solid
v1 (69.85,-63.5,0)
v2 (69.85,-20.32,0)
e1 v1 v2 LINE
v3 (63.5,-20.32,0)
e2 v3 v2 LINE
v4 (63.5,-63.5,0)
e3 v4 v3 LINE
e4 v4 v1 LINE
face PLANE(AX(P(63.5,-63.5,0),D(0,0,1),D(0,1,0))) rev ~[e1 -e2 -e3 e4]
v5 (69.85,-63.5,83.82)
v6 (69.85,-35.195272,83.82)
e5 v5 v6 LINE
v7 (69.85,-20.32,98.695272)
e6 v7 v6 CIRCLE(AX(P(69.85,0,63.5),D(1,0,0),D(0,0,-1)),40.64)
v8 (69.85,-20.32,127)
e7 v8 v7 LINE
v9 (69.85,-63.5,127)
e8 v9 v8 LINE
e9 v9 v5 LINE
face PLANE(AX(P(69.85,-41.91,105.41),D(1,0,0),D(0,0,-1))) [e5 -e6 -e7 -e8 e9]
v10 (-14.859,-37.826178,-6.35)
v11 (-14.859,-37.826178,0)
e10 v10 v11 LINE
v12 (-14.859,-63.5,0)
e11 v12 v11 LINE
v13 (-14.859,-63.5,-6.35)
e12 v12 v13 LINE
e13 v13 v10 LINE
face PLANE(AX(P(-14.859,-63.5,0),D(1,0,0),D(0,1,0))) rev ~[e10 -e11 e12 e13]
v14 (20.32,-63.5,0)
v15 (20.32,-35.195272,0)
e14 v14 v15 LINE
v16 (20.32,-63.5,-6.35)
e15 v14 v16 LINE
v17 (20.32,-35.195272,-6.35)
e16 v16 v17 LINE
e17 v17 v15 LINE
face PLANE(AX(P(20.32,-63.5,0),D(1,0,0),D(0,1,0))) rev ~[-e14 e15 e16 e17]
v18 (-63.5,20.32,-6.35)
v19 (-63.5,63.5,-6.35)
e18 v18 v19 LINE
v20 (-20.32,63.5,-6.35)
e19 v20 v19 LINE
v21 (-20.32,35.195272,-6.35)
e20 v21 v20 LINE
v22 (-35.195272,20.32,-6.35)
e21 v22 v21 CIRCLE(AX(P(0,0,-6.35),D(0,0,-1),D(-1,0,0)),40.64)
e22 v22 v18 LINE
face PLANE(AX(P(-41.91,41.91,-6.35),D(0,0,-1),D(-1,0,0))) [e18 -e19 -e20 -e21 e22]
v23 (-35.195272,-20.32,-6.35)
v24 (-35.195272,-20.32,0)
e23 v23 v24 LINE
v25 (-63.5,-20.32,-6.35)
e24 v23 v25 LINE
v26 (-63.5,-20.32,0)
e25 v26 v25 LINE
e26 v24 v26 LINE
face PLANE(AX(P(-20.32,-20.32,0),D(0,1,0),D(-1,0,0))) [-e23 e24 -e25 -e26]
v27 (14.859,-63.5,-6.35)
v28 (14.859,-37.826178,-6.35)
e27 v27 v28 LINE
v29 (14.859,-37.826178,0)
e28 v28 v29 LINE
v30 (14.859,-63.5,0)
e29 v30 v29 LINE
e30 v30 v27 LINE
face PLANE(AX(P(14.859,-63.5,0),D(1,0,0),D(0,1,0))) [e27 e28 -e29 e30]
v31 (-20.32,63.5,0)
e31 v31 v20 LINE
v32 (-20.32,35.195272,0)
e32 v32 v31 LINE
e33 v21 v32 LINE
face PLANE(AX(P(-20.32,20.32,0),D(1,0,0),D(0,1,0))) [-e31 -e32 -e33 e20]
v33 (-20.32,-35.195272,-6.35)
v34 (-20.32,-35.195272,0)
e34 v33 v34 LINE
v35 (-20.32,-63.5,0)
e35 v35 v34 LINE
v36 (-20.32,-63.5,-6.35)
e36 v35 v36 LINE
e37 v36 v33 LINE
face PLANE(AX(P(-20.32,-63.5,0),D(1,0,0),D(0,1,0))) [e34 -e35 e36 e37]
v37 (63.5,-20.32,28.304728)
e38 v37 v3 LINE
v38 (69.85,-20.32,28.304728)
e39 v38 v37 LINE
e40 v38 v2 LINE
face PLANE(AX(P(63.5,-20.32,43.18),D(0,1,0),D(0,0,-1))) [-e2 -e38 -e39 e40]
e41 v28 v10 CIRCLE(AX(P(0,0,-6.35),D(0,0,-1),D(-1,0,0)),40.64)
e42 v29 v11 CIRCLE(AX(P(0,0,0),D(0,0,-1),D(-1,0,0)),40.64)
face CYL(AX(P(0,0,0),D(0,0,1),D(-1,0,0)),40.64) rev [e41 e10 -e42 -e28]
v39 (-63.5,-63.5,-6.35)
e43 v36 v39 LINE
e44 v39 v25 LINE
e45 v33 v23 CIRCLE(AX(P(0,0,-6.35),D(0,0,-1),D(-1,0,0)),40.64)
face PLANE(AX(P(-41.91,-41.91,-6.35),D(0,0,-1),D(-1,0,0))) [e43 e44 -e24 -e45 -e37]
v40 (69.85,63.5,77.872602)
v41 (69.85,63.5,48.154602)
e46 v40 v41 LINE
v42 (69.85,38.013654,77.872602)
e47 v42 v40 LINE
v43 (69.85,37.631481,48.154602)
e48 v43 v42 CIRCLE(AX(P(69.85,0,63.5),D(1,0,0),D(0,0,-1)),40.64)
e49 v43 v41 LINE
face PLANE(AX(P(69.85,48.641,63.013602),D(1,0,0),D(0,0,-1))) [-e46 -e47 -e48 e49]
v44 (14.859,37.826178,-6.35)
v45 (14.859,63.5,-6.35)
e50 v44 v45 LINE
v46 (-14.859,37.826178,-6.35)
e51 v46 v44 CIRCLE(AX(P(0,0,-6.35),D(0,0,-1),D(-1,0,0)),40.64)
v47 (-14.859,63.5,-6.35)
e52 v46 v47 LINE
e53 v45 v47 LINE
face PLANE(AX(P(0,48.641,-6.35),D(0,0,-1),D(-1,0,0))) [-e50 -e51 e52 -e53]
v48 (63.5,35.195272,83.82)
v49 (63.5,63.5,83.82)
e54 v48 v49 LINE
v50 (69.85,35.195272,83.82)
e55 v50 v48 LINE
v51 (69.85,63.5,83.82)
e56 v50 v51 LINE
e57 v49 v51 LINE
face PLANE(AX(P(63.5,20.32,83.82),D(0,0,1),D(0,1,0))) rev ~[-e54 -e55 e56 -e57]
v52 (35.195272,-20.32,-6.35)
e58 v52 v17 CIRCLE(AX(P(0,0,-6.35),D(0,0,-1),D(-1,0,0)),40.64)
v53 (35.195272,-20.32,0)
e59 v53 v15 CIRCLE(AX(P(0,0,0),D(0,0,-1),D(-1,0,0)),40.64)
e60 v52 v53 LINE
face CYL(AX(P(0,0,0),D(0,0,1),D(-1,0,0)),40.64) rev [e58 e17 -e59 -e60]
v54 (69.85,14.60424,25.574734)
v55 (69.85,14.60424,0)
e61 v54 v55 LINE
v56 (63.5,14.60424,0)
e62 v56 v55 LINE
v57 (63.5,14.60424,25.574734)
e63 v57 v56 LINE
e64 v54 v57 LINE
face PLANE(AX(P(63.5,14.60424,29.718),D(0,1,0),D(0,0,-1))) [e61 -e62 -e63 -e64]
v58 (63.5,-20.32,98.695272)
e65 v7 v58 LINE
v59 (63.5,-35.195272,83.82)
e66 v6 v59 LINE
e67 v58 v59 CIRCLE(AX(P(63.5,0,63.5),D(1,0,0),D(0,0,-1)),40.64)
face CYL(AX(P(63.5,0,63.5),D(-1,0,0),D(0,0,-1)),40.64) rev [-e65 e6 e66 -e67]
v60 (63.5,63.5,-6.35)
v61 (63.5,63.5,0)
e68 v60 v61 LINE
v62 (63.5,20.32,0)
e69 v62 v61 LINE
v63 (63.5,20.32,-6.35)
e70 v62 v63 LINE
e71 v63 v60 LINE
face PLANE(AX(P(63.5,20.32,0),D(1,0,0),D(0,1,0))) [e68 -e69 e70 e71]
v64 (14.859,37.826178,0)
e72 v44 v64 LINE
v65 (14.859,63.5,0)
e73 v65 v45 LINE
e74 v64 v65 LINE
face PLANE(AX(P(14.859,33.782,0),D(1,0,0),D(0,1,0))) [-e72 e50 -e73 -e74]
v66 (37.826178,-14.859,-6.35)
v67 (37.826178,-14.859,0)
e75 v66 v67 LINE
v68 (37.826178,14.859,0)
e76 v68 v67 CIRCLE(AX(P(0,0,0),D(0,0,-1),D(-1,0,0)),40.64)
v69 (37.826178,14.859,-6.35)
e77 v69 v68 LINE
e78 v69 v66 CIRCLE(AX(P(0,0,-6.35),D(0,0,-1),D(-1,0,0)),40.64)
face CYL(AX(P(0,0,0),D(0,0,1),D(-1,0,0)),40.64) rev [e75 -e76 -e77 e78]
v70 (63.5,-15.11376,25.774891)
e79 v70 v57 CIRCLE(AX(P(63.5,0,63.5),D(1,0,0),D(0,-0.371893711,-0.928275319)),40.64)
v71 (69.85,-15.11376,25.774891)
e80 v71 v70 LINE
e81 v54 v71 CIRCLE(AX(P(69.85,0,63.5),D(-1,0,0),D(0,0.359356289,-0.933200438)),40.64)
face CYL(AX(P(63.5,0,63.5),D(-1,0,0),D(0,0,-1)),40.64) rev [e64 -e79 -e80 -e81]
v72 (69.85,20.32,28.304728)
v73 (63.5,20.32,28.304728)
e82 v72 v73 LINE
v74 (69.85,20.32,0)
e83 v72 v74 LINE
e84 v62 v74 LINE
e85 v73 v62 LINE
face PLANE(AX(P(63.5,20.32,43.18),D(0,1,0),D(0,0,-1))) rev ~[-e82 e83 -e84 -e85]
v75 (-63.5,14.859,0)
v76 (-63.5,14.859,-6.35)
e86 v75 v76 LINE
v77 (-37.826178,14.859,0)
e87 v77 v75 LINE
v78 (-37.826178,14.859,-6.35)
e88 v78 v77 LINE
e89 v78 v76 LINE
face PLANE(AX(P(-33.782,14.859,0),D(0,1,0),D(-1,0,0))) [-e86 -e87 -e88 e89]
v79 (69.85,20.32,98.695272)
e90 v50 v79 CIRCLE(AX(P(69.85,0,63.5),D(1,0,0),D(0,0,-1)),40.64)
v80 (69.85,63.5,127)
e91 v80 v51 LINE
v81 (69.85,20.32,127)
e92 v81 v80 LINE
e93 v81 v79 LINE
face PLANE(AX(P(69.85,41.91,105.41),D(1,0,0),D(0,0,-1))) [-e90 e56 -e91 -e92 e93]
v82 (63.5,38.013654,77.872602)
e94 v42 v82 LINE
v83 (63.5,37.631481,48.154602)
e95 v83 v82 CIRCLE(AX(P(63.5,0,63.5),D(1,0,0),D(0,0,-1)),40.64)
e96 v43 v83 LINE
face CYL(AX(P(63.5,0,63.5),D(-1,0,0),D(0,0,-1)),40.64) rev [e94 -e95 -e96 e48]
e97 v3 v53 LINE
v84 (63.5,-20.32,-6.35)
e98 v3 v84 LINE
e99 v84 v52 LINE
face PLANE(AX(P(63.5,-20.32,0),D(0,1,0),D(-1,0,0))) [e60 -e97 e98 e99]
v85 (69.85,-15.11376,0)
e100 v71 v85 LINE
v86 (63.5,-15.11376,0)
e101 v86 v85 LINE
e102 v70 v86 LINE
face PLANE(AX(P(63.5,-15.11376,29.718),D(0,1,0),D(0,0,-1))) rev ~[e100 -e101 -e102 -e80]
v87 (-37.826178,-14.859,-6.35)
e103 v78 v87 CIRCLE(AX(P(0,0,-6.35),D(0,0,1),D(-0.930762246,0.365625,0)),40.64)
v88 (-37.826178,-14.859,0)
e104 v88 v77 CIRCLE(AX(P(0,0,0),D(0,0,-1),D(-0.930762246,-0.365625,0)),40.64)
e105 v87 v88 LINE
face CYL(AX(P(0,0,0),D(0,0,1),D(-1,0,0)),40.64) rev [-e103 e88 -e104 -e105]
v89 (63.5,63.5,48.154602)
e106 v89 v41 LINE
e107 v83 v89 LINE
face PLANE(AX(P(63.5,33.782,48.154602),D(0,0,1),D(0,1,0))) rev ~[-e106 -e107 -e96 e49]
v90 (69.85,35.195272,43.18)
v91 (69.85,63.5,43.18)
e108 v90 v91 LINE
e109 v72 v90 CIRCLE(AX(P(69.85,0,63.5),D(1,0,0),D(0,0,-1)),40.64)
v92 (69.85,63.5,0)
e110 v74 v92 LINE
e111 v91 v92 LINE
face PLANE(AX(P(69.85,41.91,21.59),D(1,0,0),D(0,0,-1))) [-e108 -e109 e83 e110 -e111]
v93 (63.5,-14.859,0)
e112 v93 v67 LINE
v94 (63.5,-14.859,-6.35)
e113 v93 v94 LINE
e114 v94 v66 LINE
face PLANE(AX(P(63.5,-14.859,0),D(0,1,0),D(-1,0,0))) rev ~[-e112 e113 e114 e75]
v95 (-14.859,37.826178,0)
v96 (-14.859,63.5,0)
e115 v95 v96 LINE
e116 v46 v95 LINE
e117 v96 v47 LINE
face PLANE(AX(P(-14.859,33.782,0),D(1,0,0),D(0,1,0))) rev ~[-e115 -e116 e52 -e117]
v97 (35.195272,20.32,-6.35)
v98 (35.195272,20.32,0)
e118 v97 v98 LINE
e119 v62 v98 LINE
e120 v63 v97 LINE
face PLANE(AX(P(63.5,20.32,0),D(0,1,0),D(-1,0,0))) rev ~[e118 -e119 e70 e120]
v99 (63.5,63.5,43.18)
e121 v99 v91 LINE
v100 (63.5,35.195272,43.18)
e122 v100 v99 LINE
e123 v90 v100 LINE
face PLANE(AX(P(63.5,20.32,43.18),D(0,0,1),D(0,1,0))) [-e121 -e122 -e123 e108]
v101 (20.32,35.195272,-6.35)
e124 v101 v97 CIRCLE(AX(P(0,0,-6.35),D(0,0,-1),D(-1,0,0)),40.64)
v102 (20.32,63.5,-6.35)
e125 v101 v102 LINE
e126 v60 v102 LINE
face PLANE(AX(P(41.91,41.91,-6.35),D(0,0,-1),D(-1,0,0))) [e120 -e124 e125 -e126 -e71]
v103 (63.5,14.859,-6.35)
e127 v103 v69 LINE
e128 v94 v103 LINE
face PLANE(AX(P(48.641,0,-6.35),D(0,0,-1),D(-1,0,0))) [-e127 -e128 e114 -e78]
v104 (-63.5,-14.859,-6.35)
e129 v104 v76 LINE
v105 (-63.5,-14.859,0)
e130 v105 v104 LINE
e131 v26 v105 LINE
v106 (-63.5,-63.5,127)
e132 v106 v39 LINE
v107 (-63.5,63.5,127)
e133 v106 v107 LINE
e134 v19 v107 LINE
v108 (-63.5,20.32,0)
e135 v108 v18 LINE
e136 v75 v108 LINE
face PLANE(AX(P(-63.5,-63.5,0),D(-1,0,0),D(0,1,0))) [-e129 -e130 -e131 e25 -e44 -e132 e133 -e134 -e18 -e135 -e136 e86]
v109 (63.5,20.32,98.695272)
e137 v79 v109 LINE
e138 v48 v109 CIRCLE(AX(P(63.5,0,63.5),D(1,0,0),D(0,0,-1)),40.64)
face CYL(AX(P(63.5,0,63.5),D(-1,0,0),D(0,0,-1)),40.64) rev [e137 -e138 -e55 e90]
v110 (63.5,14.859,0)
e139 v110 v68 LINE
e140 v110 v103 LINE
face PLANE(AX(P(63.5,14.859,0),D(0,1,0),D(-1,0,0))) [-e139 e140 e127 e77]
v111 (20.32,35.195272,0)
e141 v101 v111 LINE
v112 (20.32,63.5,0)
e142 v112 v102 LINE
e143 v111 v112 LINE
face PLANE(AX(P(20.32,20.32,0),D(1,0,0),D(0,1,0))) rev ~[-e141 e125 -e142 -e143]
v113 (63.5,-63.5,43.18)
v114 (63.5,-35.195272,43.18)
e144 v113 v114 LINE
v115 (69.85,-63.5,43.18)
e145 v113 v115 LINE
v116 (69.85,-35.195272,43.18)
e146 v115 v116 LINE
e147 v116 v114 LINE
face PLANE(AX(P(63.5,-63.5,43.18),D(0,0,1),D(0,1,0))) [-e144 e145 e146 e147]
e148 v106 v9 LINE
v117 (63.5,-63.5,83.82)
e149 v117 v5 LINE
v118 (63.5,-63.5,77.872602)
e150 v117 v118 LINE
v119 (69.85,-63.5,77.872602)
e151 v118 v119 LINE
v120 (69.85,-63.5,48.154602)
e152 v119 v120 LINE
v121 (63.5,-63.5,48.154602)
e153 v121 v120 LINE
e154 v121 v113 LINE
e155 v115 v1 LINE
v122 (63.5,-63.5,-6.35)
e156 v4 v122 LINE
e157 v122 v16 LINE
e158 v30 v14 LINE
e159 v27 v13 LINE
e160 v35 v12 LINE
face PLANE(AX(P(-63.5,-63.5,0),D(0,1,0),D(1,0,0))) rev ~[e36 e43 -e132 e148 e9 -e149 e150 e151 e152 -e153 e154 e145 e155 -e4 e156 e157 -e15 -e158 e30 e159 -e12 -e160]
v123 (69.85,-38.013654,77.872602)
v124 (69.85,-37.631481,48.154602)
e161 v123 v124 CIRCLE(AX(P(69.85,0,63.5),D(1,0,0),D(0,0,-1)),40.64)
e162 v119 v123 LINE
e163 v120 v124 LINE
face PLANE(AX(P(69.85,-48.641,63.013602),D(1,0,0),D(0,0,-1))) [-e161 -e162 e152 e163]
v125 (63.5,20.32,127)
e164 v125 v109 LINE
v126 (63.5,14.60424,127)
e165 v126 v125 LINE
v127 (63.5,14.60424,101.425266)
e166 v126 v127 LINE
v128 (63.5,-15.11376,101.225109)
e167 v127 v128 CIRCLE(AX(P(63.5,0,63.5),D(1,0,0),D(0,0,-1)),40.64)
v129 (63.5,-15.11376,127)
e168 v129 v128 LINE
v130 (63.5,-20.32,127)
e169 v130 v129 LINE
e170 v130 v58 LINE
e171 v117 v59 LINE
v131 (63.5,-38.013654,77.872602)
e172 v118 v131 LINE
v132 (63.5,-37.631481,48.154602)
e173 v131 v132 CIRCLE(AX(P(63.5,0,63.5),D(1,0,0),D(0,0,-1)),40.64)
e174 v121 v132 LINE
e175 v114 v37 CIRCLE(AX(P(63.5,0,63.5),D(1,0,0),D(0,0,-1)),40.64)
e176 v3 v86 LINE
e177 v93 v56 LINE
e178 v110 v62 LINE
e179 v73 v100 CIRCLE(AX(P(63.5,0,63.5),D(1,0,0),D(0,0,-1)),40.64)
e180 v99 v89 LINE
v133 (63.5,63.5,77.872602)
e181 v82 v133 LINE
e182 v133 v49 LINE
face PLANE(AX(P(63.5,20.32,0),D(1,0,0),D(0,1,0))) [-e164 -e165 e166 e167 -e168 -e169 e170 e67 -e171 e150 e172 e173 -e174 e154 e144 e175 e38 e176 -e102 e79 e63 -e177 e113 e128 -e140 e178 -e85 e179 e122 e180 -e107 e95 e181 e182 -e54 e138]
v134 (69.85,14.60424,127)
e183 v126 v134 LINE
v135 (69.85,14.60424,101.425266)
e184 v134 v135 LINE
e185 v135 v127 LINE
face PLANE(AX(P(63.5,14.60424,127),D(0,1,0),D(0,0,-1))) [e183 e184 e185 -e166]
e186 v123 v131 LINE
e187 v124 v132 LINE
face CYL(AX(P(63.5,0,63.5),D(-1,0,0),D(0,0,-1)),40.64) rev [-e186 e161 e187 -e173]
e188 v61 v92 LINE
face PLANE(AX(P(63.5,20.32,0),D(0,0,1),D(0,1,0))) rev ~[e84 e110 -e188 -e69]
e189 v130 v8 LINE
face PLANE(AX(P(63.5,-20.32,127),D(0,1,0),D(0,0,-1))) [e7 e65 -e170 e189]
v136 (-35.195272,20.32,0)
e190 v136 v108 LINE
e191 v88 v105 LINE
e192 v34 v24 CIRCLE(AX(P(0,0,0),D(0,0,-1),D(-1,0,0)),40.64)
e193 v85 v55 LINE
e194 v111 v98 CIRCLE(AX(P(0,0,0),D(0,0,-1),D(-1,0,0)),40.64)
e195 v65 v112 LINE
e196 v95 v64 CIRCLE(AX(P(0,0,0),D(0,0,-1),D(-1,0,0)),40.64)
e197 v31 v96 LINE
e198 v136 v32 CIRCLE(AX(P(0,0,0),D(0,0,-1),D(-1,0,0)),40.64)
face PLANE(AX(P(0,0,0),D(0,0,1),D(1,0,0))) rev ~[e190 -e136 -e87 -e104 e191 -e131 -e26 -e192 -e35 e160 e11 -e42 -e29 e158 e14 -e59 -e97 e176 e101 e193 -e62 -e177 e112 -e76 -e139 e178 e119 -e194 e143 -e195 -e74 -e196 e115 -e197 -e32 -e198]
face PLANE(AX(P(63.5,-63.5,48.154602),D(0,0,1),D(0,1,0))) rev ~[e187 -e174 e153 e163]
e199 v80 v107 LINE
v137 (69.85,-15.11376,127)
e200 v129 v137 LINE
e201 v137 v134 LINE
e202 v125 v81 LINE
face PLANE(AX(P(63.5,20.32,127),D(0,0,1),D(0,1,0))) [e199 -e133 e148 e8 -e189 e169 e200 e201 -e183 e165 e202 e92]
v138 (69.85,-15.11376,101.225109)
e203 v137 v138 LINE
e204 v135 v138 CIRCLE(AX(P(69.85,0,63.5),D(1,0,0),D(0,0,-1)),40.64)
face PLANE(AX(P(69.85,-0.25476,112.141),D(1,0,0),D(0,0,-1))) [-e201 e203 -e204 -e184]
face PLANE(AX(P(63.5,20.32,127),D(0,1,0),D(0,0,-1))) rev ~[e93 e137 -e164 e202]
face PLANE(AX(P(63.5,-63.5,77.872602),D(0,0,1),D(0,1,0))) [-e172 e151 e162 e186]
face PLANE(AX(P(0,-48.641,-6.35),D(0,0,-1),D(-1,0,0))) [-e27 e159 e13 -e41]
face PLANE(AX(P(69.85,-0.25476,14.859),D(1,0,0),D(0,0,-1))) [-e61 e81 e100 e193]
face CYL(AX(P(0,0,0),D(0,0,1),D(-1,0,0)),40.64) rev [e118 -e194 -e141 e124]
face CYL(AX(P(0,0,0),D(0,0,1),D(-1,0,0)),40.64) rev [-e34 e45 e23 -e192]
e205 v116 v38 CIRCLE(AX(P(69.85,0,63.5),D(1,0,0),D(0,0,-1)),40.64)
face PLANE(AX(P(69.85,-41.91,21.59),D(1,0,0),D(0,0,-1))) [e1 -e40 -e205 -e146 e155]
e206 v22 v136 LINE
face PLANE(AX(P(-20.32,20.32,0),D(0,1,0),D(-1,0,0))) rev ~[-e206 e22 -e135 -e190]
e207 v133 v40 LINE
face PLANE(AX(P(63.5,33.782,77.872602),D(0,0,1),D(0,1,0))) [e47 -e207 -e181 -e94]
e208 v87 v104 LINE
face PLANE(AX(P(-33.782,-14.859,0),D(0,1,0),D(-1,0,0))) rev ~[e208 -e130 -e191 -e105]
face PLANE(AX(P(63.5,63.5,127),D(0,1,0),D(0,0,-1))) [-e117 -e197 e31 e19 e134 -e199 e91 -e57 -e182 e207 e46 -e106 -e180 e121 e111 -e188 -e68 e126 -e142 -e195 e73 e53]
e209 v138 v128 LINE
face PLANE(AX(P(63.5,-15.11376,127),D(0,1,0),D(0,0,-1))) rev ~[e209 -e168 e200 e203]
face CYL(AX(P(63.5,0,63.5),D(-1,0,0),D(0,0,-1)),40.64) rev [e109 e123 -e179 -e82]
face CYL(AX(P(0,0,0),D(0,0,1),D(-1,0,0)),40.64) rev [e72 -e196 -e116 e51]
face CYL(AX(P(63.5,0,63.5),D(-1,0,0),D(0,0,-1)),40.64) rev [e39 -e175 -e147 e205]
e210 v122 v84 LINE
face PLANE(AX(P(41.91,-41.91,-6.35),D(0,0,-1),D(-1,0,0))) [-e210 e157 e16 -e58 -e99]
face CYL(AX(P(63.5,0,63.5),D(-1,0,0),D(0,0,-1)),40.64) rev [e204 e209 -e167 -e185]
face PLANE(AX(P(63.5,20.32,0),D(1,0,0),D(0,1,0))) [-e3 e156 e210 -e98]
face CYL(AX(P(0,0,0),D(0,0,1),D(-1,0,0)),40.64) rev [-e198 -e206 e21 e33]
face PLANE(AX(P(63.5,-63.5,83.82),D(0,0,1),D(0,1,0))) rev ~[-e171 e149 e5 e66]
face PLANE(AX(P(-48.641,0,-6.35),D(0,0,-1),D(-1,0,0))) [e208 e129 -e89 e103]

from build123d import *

# Parameters (mm, degrees)
SKETCH1_W           = 127
SKETCH1_H           = 127
BOSS_EXTRUDE1_DEPTH = 127
SKETCH13_W          = 43.18
SKETCH13_H          = 43.18
SKETCH13_W_2        = 29.718
SKETCH13_H_2        = 29.718
BOSS_EXTRUDE7_DEPTH = 6.35
SKETCH29_R          = 40.64
CUT_EXTRUDE10_DEPTH = 6.35
SKETCH27_W          = 43.18
SKETCH27_H          = 43.18
SKETCH27_W_2        = 29.718
SKETCH27_H_2        = 29.718
BOSS_EXTRUDE8_DEPTH = 6.35
SKETCH28_R          = 40.64
CUT_EXTRUDE11_DEPTH = 6.35


with BuildPart() as part:
    # Sketch1 → Boss-Extrude1 (new body)
    with BuildSketch(Plane.XY):
        Rectangle(SKETCH1_W, SKETCH1_H)
    extrude(amount=BOSS_EXTRUDE1_DEPTH)

    # Sketch13 → Boss-Extrude7 (add)
    with BuildSketch(Plane(origin=(0, 0, 0), x_dir=(-1, 0, 0), z_dir=(0, 0, -1))):
        with Locations((-41.91, 41.91)):
            Rectangle(SKETCH13_W, SKETCH13_H)
        with Locations((-41.91, -41.91)):
            Rectangle(SKETCH13_W, SKETCH13_H)
        with Locations((41.91, 41.91)):
            Rectangle(SKETCH13_W, SKETCH13_H)
        with Locations((41.91, -41.91)):
            Rectangle(SKETCH13_W, SKETCH13_H)
        with Locations((-48.641, 0)):
            Rectangle(SKETCH13_W_2, SKETCH13_H_2)
        with Locations((0, -48.641)):
            Rectangle(SKETCH13_W_2, SKETCH13_H_2)
        with Locations((48.641, 0)):
            Rectangle(SKETCH13_W_2, SKETCH13_H_2)
        with Locations((0, 48.641)):
            Rectangle(SKETCH13_W_2, SKETCH13_H_2)
    extrude(amount=BOSS_EXTRUDE7_DEPTH)

    # Sketch29 → Cut-Extrude10 (cut)
    with BuildSketch(Plane(origin=(0, 0, 0), x_dir=(-1, 0, 0), z_dir=(0, 0, -1))):
        Circle(SKETCH29_R)
    extrude(amount=CUT_EXTRUDE10_DEPTH, mode=Mode.SUBTRACT)

    # Sketch27 → Boss-Extrude8 (add)
    with BuildSketch(Plane(origin=(63.5, 0, 0), x_dir=(0, 0, -1), z_dir=(1, 0, 0))):
        with Locations((-105.41, 41.91)):
            Rectangle(SKETCH27_W, SKETCH27_H)
        with Locations((-105.41, -41.91)):
            Rectangle(SKETCH27_W, SKETCH27_H)
        with Locations((-21.59, 41.91)):
            Rectangle(SKETCH27_W, SKETCH27_H)
        with Locations((-21.59, -41.91)):
            Rectangle(SKETCH27_W, SKETCH27_H)
        with Locations((-112.141, -0.254760407)):
            Rectangle(SKETCH27_W_2, SKETCH27_H_2)
        with Locations((-63.013602448, -48.641)):
            Rectangle(SKETCH27_W_2, SKETCH27_H_2)
        with Locations((-14.859, -0.254760407)):
            Rectangle(SKETCH27_W_2, SKETCH27_H_2)
        with Locations((-63.013602448, 48.641)):
            Rectangle(SKETCH27_W_2, SKETCH27_H_2)
    extrude(amount=BOSS_EXTRUDE8_DEPTH)

    # Sketch28 → Cut-Extrude11 (cut)
    with BuildSketch(Plane(origin=(63.5, 0, 0), x_dir=(0, 0, -1), z_dir=(1, 0, 0))):
        with Locations((-63.5, 0)):
            Circle(SKETCH28_R)
    extrude(amount=CUT_EXTRUDE11_DEPTH, mode=Mode.SUBTRACT)


solid = part.part
